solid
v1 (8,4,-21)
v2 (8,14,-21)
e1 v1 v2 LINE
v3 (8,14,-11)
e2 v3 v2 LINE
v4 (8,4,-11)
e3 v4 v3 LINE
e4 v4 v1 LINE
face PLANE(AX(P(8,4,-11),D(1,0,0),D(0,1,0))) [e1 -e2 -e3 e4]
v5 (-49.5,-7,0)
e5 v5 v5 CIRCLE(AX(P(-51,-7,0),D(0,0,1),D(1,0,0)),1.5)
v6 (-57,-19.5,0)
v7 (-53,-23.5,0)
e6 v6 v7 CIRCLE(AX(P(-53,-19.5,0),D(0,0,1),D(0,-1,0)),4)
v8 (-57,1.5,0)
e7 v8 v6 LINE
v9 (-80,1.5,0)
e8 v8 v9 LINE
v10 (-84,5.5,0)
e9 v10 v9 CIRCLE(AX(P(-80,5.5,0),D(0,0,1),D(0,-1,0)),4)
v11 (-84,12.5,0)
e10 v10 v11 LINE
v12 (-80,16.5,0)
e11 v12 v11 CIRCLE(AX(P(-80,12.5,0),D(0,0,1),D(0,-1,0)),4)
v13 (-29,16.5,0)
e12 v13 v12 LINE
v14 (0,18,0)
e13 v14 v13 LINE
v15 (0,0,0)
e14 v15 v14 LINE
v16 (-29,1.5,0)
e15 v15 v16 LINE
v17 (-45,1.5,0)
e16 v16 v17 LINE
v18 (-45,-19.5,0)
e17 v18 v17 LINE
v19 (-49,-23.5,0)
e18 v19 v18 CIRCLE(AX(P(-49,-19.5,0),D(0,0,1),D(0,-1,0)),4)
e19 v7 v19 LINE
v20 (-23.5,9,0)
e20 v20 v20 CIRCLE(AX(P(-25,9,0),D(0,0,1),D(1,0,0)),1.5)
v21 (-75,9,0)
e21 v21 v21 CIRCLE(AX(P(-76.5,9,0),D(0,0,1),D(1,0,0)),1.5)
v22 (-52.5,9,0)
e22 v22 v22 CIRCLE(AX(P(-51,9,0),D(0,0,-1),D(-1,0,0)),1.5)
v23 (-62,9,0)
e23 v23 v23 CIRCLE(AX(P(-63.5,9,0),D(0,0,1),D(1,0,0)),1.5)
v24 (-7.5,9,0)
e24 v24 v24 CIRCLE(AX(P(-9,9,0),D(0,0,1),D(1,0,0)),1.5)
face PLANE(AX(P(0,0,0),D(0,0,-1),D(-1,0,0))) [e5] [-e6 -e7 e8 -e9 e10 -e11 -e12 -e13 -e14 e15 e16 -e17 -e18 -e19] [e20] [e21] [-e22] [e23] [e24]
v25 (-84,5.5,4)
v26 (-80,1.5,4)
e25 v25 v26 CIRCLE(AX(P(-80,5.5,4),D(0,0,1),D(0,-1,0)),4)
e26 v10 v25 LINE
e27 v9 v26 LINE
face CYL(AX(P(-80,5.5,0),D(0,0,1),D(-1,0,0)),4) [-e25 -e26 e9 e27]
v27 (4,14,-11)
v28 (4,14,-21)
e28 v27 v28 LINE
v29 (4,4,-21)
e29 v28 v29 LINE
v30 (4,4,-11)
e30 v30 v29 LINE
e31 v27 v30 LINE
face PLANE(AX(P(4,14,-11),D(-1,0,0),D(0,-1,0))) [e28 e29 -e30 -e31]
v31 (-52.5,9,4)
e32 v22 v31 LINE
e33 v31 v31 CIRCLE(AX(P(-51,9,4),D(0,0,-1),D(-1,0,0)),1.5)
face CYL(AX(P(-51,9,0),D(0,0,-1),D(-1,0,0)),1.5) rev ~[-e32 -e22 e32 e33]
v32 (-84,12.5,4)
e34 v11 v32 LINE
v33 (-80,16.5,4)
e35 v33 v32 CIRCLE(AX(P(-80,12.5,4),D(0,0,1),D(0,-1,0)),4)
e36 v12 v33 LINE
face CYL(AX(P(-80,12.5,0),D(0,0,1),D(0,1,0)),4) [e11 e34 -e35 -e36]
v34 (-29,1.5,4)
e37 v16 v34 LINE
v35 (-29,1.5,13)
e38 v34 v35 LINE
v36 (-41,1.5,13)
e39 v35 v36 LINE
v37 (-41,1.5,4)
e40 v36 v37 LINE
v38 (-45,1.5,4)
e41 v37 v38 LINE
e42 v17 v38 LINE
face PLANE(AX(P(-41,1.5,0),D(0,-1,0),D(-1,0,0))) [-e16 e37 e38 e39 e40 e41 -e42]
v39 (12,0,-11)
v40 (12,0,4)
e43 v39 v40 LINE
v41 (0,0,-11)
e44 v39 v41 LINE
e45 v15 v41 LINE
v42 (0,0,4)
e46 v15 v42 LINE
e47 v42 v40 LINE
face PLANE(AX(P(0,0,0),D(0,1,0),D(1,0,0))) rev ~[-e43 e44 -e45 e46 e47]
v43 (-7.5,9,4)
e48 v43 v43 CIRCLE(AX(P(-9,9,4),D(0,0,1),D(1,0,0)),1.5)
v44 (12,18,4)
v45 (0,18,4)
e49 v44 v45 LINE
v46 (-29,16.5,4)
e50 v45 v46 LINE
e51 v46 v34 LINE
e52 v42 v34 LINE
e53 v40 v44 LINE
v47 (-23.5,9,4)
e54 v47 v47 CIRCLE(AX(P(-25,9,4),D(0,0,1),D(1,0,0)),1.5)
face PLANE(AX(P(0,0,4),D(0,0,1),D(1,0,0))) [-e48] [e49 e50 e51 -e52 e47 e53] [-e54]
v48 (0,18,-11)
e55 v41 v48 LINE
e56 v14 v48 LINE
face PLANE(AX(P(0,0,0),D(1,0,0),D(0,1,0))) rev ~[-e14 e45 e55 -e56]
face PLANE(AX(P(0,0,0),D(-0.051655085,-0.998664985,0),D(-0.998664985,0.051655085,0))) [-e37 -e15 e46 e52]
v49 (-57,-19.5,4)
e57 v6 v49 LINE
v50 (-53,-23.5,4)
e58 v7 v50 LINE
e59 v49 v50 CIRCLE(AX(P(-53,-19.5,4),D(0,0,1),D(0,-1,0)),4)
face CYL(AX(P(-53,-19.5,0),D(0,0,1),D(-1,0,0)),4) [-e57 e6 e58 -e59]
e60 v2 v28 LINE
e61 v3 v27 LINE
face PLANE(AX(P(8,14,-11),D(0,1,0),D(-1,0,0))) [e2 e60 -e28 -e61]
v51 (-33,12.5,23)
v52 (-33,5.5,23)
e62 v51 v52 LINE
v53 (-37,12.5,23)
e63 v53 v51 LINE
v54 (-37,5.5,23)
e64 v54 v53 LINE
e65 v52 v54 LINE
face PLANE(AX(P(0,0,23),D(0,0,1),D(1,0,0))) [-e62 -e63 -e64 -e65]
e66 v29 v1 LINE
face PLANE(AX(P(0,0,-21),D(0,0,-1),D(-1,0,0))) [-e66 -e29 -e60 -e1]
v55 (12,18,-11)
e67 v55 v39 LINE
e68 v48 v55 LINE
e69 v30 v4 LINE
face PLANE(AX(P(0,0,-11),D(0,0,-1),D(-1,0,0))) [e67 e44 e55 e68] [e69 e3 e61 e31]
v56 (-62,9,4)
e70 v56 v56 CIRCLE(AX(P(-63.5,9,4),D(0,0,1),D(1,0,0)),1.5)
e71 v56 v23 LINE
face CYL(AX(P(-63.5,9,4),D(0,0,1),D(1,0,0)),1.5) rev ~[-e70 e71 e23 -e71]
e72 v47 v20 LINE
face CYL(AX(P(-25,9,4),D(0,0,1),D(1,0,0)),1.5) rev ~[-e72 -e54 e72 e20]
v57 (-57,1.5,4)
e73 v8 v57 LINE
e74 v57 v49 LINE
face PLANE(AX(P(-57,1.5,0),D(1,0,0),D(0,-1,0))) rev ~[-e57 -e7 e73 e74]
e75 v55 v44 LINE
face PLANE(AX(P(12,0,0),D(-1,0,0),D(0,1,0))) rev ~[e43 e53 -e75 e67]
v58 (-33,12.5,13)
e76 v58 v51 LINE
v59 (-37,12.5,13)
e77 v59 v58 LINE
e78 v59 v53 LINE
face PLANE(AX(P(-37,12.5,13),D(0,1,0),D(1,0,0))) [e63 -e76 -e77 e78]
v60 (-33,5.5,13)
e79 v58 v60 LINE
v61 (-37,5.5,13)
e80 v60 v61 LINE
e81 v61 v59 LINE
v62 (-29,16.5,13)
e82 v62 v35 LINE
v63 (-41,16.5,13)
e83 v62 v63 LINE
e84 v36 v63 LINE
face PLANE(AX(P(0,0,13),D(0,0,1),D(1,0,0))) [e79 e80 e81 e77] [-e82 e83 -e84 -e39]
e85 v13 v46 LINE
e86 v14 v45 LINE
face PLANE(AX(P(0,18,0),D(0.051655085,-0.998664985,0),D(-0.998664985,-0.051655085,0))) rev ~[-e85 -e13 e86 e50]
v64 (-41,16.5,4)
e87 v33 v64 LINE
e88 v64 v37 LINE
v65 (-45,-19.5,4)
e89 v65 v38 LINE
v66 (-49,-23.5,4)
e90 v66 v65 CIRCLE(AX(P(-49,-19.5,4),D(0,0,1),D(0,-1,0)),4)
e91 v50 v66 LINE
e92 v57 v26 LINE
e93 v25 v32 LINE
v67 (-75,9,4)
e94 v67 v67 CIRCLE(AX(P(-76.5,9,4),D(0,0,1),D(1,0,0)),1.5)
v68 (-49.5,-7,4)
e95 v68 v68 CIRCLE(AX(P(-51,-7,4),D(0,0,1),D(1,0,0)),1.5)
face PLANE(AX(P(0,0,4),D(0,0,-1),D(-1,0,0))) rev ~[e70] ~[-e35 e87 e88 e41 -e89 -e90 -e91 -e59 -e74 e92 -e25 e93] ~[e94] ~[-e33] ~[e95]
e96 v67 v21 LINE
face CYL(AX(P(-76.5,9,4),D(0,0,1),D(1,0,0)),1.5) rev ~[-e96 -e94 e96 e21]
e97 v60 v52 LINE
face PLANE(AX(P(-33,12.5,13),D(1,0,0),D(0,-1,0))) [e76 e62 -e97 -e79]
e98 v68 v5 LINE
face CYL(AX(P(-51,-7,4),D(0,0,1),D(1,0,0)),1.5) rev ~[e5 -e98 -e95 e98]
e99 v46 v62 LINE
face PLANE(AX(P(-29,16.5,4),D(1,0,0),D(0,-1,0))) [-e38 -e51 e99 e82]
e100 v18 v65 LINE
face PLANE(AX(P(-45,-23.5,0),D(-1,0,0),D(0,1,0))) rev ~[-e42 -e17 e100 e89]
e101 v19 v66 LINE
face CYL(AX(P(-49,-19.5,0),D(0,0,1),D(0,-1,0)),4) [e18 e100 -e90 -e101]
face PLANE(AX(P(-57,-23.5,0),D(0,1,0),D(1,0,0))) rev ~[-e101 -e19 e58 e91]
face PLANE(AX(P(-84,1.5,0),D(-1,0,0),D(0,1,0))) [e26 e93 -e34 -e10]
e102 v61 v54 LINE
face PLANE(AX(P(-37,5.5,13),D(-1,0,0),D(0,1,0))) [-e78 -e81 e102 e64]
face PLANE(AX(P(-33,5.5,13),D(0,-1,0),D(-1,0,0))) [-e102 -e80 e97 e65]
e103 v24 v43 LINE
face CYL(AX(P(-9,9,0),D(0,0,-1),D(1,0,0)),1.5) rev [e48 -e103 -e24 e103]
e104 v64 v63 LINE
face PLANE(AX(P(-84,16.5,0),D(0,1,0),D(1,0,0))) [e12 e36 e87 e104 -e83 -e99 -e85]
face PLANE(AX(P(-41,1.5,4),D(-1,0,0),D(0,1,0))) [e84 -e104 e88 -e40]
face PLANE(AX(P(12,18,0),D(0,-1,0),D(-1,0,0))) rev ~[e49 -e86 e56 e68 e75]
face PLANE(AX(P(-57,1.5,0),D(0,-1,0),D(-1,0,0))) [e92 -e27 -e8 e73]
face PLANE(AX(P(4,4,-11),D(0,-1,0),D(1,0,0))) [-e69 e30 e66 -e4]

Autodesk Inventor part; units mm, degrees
ref_plane "YZ Plane" through (0, 0, 0) normal (1, 0, 0) x (0, 1, 0)
ref_plane "XZ Plane" through (0, 0, 0) normal (0, 1, 0) x (-1, 0, 0)
ref_plane "XY Plane" through (0, 0, 0) normal (0, 0, 1) x (1, 0, 0)
sketch "Sketch1" plane through (0, 0, 0) normal (0, 0, 1) x (1, 0, 0)
  line L0 (0, 0) -> (12, 0)
  line L1 (12, 0) -> (12, 18)
  line L2 (12, 18) -> (0, 18)
  line L3 (-29, 16.5) -> (-41, 16.5)
  line L4 (-41, 16.5) -> (-41, 1.5)
  line L5 (-41, 1.5) -> (-29, 1.5)
  line L6 (0, 18) -> (-29, 16.5)
  line L7 (0, 0) -> (-29, 1.5)
  circle A0 centre (-9, 9) radius 1.5
  dimension "d0" = 12
  dimension "d1" = 18
  dimension "d2" = 12
  dimension "d3" = 15
  dimension "d4" = 3
extrude "Extrusion1" add sketch "Sketch1" along normal blind 4
sketch "Sketch2" plane through (0, 0, 0) normal (0, 0, -1) x (-1, 0, 0)
  line L0 (0, 18) -> (29, 16.5) projected
  line L1 (0, 18) -> (-12, 18)
  line L2 (-12, 18) -> (-12, 0)
  line L3 (-12, 0) -> (0, 0)
  line L4 (0, 0) -> (0, 18)
  dimension "d11" = 12
  dimension "d7" = 12
  dimension "d8" = 18
extrude "Extrusion2" add sketch "Sketch2" along normal blind 11
sketch "Sketch3" plane through (0, 0, 4) normal (0, 0, 1) x (1, 0, 0)
  line L0 (-29, 16.5) -> (-41, 16.5) projected
  line L1 (-41, 16.5) -> (-29, 16.5)
  line L2 (-29, 16.5) -> (-29, 1.5)
  line L3 (-29, 1.5) -> (-41, 1.5)
  line L4 (-41, 1.5) -> (-41, 16.5)
  point P0 (0, 0)
  dimension "d11" = 12
  dimension "d12" = 15
extrude "Extrusion3" add sketch "Sketch3" along normal blind 9
sketch "Sketch4" plane through (0, 0, -11) normal (0, 0, -1) x (-1, 0, 0)
  line L0 (-4, 4) -> (-8, 4)
  line L1 (-8, 4) -> (-8, 14)
  line L2 (-8, 14) -> (-4, 14)
  line L3 (-4, 14) -> (-4, 4)
  point P0 (0, 0)
  dimension "d15" = 4
  dimension "d16" = 10
extrude "Extrusion4" add sketch "Sketch4" along normal blind 10
sketch "Sketch5" plane through (0, 0, 13) normal (0, 0, 1) x (1, 0, 0)
  line L0 (-33, 5.5) -> (-37, 5.5)
  line L1 (-37, 5.5) -> (-37, 12.5)
  line L2 (-37, 12.5) -> (-33, 12.5)
  line L3 (-33, 12.5) -> (-33, 5.5)
  point P0 (0, 0)
  dimension "d19" = 4
  dimension "d20" = 7
extrude "Extrusion5" add sketch "Sketch5" along normal blind 10
sketch "Sketch6" plane through (0, 0, 0) normal (0, 0, -1) x (-1, 0, 0)
  line L0 (41, 16.5) -> (41, 1.5)
  circle A0 centre (51, 9) radius 1.5
  line L1 (41, 16.5) -> (41, 1.5) projected
  line L2 (84, 1.5) -> (84, 16.5)
  line L3 (84, 16.5) -> (41, 16.5)
  line L4 (41, 16.5) -> (41, 1.5)
  line L5 (57, 1.5) -> (57, -23.5)
  line L6 (57, -23.5) -> (45, -23.5)
  line L7 (45, -23.5) -> (45, 1.5)
  line L8 (41, 1.5) -> (45, 1.5)
  line L9 (57, 1.5) -> (84, 1.5)
  point P0 (0, 0)
  dimension "d26" = 3
  dimension "d29" = 43
  dimension "d30" = 15
  dimension "d31" = 12
  dimension "d32" = 25
  dimension "d33" = 4
extrude "Extrusion7" add sketch "Sketch6" against normal blind 4
fillet "Fillet2" radius 4 4 edges at (-84, 16.5, 2) (-84, 1.5, 2) (-57, -23.5, 2) (-45, -23.5, 2)
sketch "Sketch7" plane through (0, 0, 4) normal (0, 0, 1) x (1, 0, 0)
  circle A0 centre (-63.5, 9) radius 1.5
  circle A1 centre (-76.5, 9) radius 1.5
  line L0 (-29, 16.5) -> (-41, 16.5) projected
  circle A2 centre (-51, 9) radius 1.5 projected
  point P0 (0, 0)
  dimension "d39" = 3
  dimension "d40" = 3
  dimension "d41" = 7.5
  dimension "d42" = 7.5
  dimension "d43" = 12.5
  dimension "d44" = 13
extrude "Extrusion8" cut sketch "Sketch7" against normal through all contours A0 | A1
sketch "Sketch8" plane through (0, 0, 4) normal (0, 0, 1) x (1, 0, 0)
  circle A0 centre (-51, -7) radius 1.5
  line L0 (-45, -19.5) -> (-45, 1.5) projected
  circle A1 centre (-51, 9) radius 1.5 projected
  point P0 (0, 0)
  dimension "d47" = 3
  dimension "d48" = 6
  dimension "d49" = 16
extrude "Extrusion9" cut sketch "Sketch8" against normal through all contours A0
sketch "Sketch9" plane through (0, 0, 4) normal (0, 0, 1) x (1, 0, 0)
  point P0 (0, 0)
sketch "Sketch10" plane through (0, 0, 4) normal (0, 0, 1) x (1, 0, 0)
  circle A0 centre (-25, 9) radius 1.5
  line L0 (-29, 16.5) -> (-41, 16.5) projected
  circle A1 centre (-9, 9) radius 1.5 projected
  point P0 (0, 0)
  dimension "d52" = 3
  dimension "d53" = 7.5
  dimension "d54" = 16
extrude "Extrusion10" cut sketch "Sketch10" against normal through all contours A0
properties part number "Mounting Bracket 3of4 - Copy"
